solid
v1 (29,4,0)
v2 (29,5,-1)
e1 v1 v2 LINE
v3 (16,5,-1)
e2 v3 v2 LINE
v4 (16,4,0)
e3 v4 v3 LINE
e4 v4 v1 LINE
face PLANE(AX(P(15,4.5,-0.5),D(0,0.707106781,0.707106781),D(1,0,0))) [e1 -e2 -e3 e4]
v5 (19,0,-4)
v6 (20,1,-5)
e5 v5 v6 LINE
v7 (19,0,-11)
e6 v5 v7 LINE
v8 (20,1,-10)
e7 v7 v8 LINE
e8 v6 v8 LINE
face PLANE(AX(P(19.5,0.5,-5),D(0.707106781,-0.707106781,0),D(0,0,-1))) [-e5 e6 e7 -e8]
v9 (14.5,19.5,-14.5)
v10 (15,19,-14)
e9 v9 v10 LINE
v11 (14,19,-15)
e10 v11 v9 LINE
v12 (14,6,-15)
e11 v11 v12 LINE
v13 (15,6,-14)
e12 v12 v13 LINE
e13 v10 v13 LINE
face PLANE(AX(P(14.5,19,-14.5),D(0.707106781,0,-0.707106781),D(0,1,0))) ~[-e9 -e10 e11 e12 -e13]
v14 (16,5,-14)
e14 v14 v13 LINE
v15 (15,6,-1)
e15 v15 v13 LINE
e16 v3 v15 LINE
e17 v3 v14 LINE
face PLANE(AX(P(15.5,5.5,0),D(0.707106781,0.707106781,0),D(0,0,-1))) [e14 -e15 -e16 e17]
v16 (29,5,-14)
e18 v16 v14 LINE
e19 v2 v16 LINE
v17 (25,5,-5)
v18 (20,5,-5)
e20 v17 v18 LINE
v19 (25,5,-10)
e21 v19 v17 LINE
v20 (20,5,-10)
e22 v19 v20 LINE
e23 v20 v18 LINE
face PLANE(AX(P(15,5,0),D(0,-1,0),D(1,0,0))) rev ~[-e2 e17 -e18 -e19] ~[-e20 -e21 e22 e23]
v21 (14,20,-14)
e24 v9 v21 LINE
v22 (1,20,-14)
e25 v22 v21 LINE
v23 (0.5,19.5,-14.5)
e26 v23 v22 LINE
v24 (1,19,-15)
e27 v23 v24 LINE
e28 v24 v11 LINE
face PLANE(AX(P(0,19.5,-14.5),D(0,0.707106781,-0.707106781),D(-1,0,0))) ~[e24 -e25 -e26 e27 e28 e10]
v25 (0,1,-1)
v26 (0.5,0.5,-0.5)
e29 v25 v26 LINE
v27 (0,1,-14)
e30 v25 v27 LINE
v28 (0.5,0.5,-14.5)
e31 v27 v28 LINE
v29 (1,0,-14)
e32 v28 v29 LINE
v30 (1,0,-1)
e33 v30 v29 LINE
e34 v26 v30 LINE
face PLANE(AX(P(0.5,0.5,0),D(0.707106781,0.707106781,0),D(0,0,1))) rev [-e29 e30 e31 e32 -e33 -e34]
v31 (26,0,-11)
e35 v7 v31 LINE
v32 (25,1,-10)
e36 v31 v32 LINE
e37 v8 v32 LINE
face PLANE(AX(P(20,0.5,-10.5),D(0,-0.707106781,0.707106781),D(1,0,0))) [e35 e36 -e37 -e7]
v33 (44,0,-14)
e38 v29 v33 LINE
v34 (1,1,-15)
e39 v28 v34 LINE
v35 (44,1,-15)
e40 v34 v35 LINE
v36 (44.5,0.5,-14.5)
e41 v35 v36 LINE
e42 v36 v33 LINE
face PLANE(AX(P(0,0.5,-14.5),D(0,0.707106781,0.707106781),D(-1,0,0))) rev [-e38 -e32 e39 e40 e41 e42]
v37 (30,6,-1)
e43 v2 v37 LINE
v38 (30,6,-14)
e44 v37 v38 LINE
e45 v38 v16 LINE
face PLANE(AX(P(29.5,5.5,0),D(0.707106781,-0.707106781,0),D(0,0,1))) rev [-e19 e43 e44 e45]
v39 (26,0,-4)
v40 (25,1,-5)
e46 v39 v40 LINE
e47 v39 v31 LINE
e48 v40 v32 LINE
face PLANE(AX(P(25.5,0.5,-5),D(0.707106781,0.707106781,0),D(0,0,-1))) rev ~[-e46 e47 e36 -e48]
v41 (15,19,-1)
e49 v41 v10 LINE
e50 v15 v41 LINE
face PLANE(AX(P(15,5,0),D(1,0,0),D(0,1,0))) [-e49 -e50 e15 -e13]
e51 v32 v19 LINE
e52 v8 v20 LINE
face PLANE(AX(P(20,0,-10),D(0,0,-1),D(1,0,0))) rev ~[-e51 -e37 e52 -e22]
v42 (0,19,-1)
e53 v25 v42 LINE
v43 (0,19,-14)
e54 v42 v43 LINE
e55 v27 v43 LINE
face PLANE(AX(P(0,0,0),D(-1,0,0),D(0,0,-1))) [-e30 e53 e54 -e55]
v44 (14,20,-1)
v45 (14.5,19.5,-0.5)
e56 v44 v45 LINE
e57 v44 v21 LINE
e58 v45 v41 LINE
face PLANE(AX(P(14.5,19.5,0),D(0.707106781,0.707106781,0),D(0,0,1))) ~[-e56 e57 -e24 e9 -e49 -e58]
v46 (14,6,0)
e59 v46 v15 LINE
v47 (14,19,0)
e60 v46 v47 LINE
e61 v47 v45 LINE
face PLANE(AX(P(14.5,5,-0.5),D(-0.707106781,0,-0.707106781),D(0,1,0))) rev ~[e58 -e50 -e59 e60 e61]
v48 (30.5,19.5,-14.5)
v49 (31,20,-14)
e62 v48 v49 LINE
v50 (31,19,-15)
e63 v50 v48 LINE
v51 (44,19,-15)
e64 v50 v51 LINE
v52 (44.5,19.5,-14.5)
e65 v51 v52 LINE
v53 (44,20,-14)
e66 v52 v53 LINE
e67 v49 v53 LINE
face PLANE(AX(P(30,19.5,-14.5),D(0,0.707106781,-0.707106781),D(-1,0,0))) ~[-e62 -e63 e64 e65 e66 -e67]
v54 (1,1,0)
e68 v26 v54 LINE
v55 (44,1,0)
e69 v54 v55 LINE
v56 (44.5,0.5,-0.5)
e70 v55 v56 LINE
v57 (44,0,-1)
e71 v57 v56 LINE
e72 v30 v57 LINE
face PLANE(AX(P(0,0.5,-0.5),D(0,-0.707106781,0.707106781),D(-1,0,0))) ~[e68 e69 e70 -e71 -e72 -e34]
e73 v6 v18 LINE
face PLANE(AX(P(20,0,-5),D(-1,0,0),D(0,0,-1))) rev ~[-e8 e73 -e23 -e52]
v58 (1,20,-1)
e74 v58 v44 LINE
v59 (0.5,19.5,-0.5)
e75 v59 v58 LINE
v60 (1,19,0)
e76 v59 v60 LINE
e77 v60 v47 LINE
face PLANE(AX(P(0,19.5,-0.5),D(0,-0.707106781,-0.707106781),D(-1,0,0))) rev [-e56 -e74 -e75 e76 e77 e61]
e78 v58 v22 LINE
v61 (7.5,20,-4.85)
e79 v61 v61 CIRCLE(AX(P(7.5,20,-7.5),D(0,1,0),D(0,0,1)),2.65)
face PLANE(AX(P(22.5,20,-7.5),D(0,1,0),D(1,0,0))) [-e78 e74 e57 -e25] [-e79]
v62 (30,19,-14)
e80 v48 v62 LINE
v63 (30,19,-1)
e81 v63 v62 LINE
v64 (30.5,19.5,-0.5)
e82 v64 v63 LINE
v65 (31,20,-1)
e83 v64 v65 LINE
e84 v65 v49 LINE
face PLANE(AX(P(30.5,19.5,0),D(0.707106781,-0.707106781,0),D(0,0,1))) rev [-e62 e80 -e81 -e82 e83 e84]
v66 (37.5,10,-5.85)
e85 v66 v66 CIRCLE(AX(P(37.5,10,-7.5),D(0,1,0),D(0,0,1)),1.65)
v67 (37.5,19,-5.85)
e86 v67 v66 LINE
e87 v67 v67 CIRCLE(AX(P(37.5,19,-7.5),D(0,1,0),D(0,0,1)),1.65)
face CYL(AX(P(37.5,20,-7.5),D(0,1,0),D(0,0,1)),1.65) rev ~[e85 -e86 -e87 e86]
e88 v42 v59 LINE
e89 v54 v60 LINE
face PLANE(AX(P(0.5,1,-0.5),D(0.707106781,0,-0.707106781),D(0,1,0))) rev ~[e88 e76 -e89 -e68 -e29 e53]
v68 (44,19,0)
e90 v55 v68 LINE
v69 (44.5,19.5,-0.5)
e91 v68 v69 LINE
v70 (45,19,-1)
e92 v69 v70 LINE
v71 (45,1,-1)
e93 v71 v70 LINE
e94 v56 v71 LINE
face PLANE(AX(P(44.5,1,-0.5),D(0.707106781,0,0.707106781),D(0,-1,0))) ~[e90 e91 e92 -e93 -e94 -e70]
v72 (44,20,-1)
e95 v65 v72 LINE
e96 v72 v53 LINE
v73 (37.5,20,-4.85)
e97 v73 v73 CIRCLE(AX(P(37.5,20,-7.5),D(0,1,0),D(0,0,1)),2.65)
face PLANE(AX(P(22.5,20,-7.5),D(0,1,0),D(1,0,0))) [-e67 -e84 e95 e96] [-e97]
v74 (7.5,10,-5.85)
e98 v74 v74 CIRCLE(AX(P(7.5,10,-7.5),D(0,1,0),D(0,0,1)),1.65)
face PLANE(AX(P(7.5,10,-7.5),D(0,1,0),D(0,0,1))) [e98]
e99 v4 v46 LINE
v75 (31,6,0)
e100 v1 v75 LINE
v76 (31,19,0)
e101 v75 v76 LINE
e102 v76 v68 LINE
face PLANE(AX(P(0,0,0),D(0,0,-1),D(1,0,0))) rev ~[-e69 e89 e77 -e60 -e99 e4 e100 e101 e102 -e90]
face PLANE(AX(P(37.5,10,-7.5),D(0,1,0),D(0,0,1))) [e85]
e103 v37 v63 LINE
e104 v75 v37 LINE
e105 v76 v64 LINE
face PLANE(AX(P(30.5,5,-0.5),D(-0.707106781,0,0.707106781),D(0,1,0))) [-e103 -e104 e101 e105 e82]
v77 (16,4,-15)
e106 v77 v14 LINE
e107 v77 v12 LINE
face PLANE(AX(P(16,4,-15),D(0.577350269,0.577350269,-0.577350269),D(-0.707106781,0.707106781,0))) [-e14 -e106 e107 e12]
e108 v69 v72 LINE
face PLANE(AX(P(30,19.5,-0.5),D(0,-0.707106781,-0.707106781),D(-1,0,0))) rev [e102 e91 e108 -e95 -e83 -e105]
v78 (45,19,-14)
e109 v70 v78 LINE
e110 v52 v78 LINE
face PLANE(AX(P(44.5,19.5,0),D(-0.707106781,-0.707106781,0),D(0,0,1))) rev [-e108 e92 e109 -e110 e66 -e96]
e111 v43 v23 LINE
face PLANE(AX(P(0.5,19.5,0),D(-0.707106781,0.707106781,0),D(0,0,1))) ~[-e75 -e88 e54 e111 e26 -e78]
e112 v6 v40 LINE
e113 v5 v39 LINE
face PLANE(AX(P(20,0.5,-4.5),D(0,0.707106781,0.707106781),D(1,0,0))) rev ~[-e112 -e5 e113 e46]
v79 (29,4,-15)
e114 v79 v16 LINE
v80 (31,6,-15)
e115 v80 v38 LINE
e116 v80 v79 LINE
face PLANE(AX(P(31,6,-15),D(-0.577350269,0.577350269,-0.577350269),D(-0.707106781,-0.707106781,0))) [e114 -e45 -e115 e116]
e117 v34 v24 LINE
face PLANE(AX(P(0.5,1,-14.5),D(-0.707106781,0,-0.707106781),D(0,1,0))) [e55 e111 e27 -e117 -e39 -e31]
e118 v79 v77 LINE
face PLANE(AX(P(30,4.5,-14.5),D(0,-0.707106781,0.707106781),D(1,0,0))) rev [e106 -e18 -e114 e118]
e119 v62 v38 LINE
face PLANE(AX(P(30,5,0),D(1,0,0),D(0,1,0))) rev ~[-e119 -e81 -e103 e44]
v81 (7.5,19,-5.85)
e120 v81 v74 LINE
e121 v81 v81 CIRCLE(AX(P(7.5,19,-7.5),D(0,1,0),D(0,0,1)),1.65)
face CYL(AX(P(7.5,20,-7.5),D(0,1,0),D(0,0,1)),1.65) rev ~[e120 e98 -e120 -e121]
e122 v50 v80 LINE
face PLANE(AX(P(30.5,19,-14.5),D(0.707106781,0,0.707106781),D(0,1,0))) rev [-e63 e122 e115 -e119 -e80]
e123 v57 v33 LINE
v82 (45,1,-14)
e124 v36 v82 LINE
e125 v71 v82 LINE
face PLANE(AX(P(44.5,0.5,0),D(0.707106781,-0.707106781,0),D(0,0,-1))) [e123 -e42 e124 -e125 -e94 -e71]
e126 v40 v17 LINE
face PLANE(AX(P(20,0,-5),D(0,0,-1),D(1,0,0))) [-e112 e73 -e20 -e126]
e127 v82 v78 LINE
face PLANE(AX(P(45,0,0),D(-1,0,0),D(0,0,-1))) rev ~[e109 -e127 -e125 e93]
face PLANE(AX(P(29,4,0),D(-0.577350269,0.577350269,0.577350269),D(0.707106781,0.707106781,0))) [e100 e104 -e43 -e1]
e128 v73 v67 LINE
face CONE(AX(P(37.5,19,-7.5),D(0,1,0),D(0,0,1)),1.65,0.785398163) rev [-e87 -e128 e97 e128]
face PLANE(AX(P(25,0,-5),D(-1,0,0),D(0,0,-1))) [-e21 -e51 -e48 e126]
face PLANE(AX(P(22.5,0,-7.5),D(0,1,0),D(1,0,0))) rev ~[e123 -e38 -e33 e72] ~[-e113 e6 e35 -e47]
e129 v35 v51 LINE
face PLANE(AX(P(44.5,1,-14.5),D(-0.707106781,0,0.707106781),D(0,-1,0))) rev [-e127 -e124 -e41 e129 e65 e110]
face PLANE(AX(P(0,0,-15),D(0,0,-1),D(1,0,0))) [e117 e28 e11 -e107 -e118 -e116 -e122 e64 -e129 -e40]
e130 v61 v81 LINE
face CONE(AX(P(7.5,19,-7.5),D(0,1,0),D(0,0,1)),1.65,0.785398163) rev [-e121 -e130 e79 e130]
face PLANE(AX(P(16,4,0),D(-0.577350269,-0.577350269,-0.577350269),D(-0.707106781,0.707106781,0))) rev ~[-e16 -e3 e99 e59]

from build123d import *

# Parameters (mm, degrees)
SKETCH1_W           = 45
SKETCH1_H           = 15
SKETCH1_W_2         = 5
SKETCH1_H_2         = 5
BOSS_EXTRUDE1_DEPTH = 20
SKETCH2_W           = 15
SKETCH2_H           = 15
CUT_EXTRUDE1_DEPTH  = 20
SKETCH3_R           = 1.65
CUT_EXTRUDE2_DEPTH  = 10
CHAMFER2_SIZE       = 1
CHAMFER3_SIZE       = 1


with BuildPart() as part:
    # Sketch1 → Boss-Extrude1 (new body)
    with BuildSketch(Plane(origin=(0, 0, 0), x_dir=(1, 0, 0), z_dir=(0, 1, 0))):
        with Locations((22.5, 7.5)):
            Rectangle(SKETCH1_W, SKETCH1_H)
        with Locations((22.5, 7.5)):
            Rectangle(SKETCH1_W_2, SKETCH1_H_2, mode=Mode.SUBTRACT)
    extrude(amount=BOSS_EXTRUDE1_DEPTH)

    # Sketch2 → Cut-Extrude1 (cut)
    with BuildSketch(Plane.XY):
        with Locations((22.5, 12.5)):
            Rectangle(SKETCH2_W, SKETCH2_H)
    extrude(amount=-CUT_EXTRUDE1_DEPTH, mode=Mode.SUBTRACT)

    # Sketch3 → Cut-Extrude2 (cut)
    with BuildSketch(Plane(origin=(0, 20, 0), x_dir=(1, 0, 0), z_dir=(0, 1, 0))):
        with Locations(Location((37.5, 7.5, 0), (0, 0, 270))):
            Circle(SKETCH3_R)
        with Locations(Location((7.5, 7.5, 0), (0, 0, 270))):
            Circle(SKETCH3_R)
    extrude(amount=-CUT_EXTRUDE2_DEPTH, mode=Mode.SUBTRACT)

    # Chamfer2
    chamfer2_edges = [part.edges().sort_by_distance(p)[0] for p in [
        (45, 20, -7.5),
        (20, 0, -7.5),
        (22.5, 0, -5),
        (25, 0, -7.5),
        (22.5, 0, -10),
        (37.5, 20, -15),
        (7.5, 20, -15),
        (37.5, 20, 0),
        (30, 20, -7.5),
        (15, 20, -7.5),
        (0, 20, -7.5),
        (22.5, 0, -15),
        (45, 0, -7.5),
        (37.5, 20, -9.15),
        (22.5, 0, 0),
        (7.5, 20, -9.15),
        (0, 0, -7.5),
        (7.5, 20, 0),
    ]]
    chamfer(chamfer2_edges, length=CHAMFER2_SIZE)

    # Chamfer3
    chamfer3_edges = [part.edges().sort_by_distance(p)[0] for p in [
        (30, 12, -15),
        (15, 5, -7.5),
        (22.5, 5, -15),
        (30, 5, -7.5),
        (22.5, 5, 0),
        (30, 12, 0),
        (45, 10, -15),
        (45, 10, 0),
        (15, 12, 0),
        (0, 10, 0),
        (15, 12, -15),
        (0, 10, -15),
    ]]
    chamfer(chamfer3_edges, length=CHAMFER3_SIZE)


solid = part.part
